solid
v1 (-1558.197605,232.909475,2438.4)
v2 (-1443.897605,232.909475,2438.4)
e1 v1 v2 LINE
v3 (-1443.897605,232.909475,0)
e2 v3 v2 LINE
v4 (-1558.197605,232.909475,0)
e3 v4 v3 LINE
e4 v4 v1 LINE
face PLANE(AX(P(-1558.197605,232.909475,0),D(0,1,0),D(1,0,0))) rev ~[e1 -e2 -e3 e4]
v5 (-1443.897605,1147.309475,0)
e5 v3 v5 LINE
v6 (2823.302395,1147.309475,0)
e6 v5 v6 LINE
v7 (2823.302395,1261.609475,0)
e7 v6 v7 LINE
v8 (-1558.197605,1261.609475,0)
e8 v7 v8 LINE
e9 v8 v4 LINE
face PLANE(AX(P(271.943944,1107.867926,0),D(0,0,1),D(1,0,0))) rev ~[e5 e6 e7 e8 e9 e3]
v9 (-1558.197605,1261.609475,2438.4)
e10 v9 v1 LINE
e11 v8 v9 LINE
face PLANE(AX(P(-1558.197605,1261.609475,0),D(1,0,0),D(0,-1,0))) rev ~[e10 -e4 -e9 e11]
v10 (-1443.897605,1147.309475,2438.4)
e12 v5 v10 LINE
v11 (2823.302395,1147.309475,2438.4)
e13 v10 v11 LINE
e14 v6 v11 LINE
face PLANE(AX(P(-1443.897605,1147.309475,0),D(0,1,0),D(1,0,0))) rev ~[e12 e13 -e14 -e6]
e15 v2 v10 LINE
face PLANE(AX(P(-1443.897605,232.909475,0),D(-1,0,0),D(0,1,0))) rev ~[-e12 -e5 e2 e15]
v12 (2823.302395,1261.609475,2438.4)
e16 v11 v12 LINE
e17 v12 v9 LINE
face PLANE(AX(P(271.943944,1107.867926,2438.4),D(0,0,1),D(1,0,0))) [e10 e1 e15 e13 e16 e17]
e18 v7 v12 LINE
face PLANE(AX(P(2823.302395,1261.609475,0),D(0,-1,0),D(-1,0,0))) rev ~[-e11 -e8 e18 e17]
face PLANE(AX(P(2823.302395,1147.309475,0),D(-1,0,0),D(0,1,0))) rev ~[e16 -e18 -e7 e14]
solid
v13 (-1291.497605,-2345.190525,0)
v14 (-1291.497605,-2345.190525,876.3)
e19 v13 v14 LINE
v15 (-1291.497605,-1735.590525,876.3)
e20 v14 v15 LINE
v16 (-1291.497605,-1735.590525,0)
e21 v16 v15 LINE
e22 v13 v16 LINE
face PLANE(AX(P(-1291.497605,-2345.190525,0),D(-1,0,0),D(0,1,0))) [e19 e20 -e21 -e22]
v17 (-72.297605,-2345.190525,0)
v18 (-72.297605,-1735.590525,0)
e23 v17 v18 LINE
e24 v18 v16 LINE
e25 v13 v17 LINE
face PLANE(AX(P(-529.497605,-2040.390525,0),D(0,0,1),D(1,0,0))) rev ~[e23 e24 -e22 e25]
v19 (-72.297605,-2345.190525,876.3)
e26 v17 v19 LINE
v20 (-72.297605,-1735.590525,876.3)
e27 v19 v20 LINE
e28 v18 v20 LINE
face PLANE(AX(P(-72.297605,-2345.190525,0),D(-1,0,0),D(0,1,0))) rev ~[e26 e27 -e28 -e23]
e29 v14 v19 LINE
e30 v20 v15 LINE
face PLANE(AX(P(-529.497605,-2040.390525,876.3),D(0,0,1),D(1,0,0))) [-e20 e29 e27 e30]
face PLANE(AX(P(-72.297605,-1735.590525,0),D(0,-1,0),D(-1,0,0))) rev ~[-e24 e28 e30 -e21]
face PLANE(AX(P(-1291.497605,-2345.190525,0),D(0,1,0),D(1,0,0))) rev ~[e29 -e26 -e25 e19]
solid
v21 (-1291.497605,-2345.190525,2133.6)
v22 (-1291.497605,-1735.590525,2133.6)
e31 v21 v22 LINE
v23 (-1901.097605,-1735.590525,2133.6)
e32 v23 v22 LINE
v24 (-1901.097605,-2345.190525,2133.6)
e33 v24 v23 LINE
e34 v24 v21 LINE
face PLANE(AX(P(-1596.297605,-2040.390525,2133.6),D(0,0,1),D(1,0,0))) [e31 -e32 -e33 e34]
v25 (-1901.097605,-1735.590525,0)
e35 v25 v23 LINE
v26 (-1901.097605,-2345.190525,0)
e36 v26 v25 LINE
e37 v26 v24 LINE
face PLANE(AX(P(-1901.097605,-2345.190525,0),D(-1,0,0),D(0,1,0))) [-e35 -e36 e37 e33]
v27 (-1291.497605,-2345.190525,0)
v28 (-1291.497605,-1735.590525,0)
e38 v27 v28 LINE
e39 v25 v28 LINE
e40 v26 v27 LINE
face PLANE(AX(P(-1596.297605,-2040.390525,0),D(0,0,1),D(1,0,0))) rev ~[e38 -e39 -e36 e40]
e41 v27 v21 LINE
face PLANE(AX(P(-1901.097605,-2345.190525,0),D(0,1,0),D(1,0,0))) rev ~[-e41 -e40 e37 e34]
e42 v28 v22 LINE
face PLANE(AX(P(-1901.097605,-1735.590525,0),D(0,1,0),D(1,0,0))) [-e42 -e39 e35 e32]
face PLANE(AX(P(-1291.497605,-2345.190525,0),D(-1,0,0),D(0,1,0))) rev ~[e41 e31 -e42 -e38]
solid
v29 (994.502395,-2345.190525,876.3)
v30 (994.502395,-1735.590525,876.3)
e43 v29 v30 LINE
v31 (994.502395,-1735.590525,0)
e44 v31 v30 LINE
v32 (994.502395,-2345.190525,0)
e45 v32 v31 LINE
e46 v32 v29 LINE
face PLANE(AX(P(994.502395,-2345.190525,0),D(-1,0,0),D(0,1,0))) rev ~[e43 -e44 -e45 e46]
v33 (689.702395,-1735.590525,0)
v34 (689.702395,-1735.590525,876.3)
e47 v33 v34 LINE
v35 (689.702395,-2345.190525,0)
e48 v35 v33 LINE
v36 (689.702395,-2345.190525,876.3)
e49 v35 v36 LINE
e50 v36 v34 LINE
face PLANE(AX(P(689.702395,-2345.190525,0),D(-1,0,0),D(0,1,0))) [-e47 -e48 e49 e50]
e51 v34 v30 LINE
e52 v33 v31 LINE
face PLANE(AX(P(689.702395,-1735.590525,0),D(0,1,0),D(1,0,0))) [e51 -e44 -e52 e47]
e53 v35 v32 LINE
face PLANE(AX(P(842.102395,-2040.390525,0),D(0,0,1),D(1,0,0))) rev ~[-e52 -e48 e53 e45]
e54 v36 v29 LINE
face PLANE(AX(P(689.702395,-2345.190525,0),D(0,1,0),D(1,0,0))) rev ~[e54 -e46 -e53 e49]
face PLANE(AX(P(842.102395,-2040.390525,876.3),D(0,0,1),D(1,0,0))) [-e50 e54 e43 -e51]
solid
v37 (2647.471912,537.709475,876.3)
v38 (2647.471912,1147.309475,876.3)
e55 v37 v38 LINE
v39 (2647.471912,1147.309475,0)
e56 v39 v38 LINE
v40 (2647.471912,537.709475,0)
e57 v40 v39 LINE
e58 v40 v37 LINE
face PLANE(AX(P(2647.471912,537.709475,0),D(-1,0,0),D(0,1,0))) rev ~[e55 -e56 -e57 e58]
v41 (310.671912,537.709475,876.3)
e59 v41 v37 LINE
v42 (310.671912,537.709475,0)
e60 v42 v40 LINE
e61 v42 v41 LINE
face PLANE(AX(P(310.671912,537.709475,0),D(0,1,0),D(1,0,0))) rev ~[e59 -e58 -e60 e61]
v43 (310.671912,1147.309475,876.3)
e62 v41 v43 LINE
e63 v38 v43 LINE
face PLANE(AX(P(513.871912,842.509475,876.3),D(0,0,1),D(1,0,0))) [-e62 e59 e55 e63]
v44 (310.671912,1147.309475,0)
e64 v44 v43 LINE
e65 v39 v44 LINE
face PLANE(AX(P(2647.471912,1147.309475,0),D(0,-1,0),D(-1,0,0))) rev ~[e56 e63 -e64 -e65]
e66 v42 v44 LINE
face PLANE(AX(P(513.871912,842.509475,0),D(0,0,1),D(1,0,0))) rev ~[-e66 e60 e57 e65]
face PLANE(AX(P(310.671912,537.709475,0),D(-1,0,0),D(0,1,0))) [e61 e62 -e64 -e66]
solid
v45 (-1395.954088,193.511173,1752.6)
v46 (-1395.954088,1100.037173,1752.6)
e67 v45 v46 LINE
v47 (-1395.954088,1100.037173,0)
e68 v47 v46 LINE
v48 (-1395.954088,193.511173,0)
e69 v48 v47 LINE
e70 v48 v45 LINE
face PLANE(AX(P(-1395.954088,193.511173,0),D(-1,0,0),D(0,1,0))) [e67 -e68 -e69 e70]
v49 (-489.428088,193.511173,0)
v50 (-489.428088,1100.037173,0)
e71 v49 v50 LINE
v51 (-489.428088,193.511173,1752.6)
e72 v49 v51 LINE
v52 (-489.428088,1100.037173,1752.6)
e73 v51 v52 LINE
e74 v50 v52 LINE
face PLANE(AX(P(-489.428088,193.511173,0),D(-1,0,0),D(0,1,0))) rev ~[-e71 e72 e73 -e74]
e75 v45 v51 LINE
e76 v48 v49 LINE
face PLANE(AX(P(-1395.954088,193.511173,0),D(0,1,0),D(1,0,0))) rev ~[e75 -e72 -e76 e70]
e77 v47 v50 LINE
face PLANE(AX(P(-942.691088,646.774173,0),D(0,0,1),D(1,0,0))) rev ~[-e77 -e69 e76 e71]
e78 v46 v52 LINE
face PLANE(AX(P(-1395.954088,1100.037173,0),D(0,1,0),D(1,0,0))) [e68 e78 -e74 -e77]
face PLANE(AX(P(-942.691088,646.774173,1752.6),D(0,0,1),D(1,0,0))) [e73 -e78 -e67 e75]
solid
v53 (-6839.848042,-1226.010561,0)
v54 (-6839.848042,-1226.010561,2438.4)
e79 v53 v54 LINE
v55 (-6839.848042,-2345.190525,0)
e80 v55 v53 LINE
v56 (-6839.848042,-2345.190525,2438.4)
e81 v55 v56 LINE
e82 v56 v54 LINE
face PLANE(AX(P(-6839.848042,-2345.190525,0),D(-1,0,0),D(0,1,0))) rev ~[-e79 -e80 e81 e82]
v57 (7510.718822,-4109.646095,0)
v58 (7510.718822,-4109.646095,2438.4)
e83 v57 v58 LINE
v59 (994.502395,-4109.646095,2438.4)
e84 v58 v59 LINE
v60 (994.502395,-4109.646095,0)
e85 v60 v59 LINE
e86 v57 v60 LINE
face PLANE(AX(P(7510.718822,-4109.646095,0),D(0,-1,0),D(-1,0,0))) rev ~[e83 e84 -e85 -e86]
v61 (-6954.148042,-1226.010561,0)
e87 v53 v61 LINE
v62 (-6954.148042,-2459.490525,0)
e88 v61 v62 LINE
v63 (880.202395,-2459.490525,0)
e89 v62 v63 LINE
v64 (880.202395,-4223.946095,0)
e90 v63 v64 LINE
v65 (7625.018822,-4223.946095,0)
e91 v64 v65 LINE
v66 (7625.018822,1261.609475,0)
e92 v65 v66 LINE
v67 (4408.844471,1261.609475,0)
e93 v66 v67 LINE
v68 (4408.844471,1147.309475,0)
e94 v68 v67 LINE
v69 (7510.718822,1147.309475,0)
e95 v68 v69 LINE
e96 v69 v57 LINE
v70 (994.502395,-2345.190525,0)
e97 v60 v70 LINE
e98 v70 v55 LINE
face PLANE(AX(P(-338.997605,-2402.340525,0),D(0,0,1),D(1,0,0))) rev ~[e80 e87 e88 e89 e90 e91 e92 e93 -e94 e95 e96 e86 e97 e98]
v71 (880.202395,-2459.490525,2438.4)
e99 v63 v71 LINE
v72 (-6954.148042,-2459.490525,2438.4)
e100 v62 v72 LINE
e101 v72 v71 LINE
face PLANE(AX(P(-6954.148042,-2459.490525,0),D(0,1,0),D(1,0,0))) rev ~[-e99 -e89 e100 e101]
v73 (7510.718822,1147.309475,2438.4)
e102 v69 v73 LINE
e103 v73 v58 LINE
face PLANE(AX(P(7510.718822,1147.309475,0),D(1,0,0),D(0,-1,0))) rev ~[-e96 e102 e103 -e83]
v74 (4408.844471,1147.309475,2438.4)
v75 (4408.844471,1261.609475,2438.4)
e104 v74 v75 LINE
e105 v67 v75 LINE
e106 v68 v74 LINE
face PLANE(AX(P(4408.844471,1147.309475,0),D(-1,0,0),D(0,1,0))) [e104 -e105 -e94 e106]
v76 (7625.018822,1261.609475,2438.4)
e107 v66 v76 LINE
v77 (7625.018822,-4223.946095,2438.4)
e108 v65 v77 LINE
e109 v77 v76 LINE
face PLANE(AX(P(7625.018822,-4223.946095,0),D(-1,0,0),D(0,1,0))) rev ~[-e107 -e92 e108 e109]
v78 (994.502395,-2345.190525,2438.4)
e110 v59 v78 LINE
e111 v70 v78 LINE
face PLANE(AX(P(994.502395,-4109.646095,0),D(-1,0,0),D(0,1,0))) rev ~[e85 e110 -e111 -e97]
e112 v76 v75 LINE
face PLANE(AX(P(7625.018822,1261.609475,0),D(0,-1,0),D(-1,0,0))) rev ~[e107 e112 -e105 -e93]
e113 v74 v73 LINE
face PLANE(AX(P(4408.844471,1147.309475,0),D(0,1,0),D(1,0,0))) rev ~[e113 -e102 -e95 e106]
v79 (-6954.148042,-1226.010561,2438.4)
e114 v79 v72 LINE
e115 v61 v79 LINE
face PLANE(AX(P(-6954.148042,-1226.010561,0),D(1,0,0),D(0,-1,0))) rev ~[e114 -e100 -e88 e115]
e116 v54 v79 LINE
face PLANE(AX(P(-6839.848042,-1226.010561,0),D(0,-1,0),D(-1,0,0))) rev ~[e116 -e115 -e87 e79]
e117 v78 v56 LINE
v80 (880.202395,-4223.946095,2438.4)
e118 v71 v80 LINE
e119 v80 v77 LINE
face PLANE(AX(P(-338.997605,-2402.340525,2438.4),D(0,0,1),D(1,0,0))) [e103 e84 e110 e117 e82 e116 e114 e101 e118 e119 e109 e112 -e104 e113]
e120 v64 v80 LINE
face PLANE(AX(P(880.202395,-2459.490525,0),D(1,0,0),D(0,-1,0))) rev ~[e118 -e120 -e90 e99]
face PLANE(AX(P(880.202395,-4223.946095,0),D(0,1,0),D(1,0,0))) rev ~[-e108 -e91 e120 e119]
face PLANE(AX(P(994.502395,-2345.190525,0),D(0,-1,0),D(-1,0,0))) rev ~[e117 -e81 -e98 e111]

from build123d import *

# Parameters (mm, degrees)
F1_DEPTH = 2438.4
F0_W     = 2438.4
F0_H     = 114.3
F0_W_2   = 609.6
F0_W_3   = 114.3
F0_W_4   = 4672.0504365921
F0_H_2   = 1650.155569458
F0_W_5   = 6516.2164274216
F0_H_3   = 5256.955569458
F0_W_6   = 3101.8743515015
F2_W     = 906.526
F2_H     = 906.526
F3_DEPTH = 1752.6
F4_W     = 914.4
F4_H     = 609.6
F4_W_2   = 304.8
F5_DEPTH = 876.3
F4_W_3   = 406.4
F4_W_4   = 609.6
F6_W     = 609.6
F6_H     = 609.6
F7_DEPTH = 2133.6


with BuildPart() as f1:
    # F0 (on Top) → F1 (new body)
    with BuildSketch(Plane.XY):
        Polygon((-1443.8976049423, 1261.6094749451), (-1558.1976049423, 1261.6094749451), (-1558.1976049423, 232.9094749451), (-1443.8976049423, 232.9094749451), (-1443.8976049423, 1147.3094749451), (2823.3023950577, 1147.3094749451), (2823.3023950577, 1261.6094749451), align=None)
    extrude(amount=F1_DEPTH)


with BuildPart() as f1b:
    # F0 (on Top) → F1, piece 2 (new body)
    with BuildSketch(Plane.XY):
        with Locations((-338.9976049423, -2402.3405250549)):
            Rectangle(F0_W, F0_H)
        with Locations((-1862.9976049423, -2402.3405250549)):
            Rectangle(F0_W_2, F0_H)
        with Locations((937.3523950577, -2402.3405250549)):
            Rectangle(F0_W_3, F0_H)
        with Locations((-4503.8228232384, -2402.3405250549)):
            Rectangle(F0_W_4, F0_H)
        with Locations((937.3523950577, -3284.5683097839)):
            Rectangle(F0_W_3, F0_H_2)
        Polygon((-6839.8480415344, -2459.4905250549), (-6839.8480415344, -2345.1905250549), (-6839.8480415344, -1226.0105609894), (-6954.1480415344, -1226.0105609894), (-6954.1480415344, -2459.4905250549), align=None)
        with Locations((937.3523950577, -4166.7960945129)):
            Rectangle(F0_W_3, F0_H)
        with Locations((4252.6106087685, -4166.7960945129)):
            Rectangle(F0_W_5, F0_H)
        with Locations((7567.8688224792, -4166.7960945129)):
            Rectangle(F0_W_3, F0_H)
        with Locations((7567.8688224792, -1481.1683097839)):
            Rectangle(F0_W_3, F0_H_3)
        with Locations((7567.8688224792, 1204.4594749451)):
            Rectangle(F0_W_3, F0_H)
        with Locations((5959.7816467285, 1204.4594749451)):
            Rectangle(F0_W_6, F0_H)
    extrude(amount=F1_DEPTH)


with BuildPart() as f3:
    # F2 (on Top) → F3 (new body)
    with BuildSketch(Plane.XY):
        with Locations((-942.6910877228, 646.7741727829)):
            Rectangle(F2_W, F2_H)
    extrude(amount=F3_DEPTH)


with BuildPart() as f5:
    # F4 (on Top) → F5 (new body)
    with BuildSketch(Plane.XY):
        with Locations((-529.4976049423, -2040.3905250549)):
            Rectangle(F4_W, F4_H)
        with Locations((-1139.0976049423, -2040.3905250549)):
            Rectangle(F4_W_2, F4_H)
    extrude(amount=F5_DEPTH)


with BuildPart() as f5b:
    # F4 (on Top) → F5, piece 2 (new body)
    with BuildSketch(Plane.XY):
        with Locations((842.1023950577, -2040.3905250549)):
            Rectangle(F4_W_2, F4_H)
    extrude(amount=F5_DEPTH)


with BuildPart() as f5c:
    # F4 (on Top) → F5, piece 3 (new body)
    with BuildSketch(Plane.XY):
        with Locations((513.8719122772, 842.5094749451)):
            Rectangle(F4_W_3, F4_H)
        with Locations((1174.2719122772, 842.5094749451)):
            Rectangle(F4_W, F4_H)
        with Locations((1834.6719122772, 842.5094749451)):
            Rectangle(F4_W_3, F4_H)
        with Locations((2342.6719122772, 842.5094749451)):
            Rectangle(F4_W_4, F4_H)
    extrude(amount=F5_DEPTH)


with BuildPart() as f7:
    # F6 (on Top) → F7 (new body)
    with BuildSketch(Plane.XY):
        with Locations((-1596.2976049423, -2040.3905250549)):
            Rectangle(F6_W, F6_H)
    extrude(amount=F7_DEPTH)


solid = Compound([f1.part, f1b.part, f3.part, f5.part, f5b.part, f5c.part, f7.part])
